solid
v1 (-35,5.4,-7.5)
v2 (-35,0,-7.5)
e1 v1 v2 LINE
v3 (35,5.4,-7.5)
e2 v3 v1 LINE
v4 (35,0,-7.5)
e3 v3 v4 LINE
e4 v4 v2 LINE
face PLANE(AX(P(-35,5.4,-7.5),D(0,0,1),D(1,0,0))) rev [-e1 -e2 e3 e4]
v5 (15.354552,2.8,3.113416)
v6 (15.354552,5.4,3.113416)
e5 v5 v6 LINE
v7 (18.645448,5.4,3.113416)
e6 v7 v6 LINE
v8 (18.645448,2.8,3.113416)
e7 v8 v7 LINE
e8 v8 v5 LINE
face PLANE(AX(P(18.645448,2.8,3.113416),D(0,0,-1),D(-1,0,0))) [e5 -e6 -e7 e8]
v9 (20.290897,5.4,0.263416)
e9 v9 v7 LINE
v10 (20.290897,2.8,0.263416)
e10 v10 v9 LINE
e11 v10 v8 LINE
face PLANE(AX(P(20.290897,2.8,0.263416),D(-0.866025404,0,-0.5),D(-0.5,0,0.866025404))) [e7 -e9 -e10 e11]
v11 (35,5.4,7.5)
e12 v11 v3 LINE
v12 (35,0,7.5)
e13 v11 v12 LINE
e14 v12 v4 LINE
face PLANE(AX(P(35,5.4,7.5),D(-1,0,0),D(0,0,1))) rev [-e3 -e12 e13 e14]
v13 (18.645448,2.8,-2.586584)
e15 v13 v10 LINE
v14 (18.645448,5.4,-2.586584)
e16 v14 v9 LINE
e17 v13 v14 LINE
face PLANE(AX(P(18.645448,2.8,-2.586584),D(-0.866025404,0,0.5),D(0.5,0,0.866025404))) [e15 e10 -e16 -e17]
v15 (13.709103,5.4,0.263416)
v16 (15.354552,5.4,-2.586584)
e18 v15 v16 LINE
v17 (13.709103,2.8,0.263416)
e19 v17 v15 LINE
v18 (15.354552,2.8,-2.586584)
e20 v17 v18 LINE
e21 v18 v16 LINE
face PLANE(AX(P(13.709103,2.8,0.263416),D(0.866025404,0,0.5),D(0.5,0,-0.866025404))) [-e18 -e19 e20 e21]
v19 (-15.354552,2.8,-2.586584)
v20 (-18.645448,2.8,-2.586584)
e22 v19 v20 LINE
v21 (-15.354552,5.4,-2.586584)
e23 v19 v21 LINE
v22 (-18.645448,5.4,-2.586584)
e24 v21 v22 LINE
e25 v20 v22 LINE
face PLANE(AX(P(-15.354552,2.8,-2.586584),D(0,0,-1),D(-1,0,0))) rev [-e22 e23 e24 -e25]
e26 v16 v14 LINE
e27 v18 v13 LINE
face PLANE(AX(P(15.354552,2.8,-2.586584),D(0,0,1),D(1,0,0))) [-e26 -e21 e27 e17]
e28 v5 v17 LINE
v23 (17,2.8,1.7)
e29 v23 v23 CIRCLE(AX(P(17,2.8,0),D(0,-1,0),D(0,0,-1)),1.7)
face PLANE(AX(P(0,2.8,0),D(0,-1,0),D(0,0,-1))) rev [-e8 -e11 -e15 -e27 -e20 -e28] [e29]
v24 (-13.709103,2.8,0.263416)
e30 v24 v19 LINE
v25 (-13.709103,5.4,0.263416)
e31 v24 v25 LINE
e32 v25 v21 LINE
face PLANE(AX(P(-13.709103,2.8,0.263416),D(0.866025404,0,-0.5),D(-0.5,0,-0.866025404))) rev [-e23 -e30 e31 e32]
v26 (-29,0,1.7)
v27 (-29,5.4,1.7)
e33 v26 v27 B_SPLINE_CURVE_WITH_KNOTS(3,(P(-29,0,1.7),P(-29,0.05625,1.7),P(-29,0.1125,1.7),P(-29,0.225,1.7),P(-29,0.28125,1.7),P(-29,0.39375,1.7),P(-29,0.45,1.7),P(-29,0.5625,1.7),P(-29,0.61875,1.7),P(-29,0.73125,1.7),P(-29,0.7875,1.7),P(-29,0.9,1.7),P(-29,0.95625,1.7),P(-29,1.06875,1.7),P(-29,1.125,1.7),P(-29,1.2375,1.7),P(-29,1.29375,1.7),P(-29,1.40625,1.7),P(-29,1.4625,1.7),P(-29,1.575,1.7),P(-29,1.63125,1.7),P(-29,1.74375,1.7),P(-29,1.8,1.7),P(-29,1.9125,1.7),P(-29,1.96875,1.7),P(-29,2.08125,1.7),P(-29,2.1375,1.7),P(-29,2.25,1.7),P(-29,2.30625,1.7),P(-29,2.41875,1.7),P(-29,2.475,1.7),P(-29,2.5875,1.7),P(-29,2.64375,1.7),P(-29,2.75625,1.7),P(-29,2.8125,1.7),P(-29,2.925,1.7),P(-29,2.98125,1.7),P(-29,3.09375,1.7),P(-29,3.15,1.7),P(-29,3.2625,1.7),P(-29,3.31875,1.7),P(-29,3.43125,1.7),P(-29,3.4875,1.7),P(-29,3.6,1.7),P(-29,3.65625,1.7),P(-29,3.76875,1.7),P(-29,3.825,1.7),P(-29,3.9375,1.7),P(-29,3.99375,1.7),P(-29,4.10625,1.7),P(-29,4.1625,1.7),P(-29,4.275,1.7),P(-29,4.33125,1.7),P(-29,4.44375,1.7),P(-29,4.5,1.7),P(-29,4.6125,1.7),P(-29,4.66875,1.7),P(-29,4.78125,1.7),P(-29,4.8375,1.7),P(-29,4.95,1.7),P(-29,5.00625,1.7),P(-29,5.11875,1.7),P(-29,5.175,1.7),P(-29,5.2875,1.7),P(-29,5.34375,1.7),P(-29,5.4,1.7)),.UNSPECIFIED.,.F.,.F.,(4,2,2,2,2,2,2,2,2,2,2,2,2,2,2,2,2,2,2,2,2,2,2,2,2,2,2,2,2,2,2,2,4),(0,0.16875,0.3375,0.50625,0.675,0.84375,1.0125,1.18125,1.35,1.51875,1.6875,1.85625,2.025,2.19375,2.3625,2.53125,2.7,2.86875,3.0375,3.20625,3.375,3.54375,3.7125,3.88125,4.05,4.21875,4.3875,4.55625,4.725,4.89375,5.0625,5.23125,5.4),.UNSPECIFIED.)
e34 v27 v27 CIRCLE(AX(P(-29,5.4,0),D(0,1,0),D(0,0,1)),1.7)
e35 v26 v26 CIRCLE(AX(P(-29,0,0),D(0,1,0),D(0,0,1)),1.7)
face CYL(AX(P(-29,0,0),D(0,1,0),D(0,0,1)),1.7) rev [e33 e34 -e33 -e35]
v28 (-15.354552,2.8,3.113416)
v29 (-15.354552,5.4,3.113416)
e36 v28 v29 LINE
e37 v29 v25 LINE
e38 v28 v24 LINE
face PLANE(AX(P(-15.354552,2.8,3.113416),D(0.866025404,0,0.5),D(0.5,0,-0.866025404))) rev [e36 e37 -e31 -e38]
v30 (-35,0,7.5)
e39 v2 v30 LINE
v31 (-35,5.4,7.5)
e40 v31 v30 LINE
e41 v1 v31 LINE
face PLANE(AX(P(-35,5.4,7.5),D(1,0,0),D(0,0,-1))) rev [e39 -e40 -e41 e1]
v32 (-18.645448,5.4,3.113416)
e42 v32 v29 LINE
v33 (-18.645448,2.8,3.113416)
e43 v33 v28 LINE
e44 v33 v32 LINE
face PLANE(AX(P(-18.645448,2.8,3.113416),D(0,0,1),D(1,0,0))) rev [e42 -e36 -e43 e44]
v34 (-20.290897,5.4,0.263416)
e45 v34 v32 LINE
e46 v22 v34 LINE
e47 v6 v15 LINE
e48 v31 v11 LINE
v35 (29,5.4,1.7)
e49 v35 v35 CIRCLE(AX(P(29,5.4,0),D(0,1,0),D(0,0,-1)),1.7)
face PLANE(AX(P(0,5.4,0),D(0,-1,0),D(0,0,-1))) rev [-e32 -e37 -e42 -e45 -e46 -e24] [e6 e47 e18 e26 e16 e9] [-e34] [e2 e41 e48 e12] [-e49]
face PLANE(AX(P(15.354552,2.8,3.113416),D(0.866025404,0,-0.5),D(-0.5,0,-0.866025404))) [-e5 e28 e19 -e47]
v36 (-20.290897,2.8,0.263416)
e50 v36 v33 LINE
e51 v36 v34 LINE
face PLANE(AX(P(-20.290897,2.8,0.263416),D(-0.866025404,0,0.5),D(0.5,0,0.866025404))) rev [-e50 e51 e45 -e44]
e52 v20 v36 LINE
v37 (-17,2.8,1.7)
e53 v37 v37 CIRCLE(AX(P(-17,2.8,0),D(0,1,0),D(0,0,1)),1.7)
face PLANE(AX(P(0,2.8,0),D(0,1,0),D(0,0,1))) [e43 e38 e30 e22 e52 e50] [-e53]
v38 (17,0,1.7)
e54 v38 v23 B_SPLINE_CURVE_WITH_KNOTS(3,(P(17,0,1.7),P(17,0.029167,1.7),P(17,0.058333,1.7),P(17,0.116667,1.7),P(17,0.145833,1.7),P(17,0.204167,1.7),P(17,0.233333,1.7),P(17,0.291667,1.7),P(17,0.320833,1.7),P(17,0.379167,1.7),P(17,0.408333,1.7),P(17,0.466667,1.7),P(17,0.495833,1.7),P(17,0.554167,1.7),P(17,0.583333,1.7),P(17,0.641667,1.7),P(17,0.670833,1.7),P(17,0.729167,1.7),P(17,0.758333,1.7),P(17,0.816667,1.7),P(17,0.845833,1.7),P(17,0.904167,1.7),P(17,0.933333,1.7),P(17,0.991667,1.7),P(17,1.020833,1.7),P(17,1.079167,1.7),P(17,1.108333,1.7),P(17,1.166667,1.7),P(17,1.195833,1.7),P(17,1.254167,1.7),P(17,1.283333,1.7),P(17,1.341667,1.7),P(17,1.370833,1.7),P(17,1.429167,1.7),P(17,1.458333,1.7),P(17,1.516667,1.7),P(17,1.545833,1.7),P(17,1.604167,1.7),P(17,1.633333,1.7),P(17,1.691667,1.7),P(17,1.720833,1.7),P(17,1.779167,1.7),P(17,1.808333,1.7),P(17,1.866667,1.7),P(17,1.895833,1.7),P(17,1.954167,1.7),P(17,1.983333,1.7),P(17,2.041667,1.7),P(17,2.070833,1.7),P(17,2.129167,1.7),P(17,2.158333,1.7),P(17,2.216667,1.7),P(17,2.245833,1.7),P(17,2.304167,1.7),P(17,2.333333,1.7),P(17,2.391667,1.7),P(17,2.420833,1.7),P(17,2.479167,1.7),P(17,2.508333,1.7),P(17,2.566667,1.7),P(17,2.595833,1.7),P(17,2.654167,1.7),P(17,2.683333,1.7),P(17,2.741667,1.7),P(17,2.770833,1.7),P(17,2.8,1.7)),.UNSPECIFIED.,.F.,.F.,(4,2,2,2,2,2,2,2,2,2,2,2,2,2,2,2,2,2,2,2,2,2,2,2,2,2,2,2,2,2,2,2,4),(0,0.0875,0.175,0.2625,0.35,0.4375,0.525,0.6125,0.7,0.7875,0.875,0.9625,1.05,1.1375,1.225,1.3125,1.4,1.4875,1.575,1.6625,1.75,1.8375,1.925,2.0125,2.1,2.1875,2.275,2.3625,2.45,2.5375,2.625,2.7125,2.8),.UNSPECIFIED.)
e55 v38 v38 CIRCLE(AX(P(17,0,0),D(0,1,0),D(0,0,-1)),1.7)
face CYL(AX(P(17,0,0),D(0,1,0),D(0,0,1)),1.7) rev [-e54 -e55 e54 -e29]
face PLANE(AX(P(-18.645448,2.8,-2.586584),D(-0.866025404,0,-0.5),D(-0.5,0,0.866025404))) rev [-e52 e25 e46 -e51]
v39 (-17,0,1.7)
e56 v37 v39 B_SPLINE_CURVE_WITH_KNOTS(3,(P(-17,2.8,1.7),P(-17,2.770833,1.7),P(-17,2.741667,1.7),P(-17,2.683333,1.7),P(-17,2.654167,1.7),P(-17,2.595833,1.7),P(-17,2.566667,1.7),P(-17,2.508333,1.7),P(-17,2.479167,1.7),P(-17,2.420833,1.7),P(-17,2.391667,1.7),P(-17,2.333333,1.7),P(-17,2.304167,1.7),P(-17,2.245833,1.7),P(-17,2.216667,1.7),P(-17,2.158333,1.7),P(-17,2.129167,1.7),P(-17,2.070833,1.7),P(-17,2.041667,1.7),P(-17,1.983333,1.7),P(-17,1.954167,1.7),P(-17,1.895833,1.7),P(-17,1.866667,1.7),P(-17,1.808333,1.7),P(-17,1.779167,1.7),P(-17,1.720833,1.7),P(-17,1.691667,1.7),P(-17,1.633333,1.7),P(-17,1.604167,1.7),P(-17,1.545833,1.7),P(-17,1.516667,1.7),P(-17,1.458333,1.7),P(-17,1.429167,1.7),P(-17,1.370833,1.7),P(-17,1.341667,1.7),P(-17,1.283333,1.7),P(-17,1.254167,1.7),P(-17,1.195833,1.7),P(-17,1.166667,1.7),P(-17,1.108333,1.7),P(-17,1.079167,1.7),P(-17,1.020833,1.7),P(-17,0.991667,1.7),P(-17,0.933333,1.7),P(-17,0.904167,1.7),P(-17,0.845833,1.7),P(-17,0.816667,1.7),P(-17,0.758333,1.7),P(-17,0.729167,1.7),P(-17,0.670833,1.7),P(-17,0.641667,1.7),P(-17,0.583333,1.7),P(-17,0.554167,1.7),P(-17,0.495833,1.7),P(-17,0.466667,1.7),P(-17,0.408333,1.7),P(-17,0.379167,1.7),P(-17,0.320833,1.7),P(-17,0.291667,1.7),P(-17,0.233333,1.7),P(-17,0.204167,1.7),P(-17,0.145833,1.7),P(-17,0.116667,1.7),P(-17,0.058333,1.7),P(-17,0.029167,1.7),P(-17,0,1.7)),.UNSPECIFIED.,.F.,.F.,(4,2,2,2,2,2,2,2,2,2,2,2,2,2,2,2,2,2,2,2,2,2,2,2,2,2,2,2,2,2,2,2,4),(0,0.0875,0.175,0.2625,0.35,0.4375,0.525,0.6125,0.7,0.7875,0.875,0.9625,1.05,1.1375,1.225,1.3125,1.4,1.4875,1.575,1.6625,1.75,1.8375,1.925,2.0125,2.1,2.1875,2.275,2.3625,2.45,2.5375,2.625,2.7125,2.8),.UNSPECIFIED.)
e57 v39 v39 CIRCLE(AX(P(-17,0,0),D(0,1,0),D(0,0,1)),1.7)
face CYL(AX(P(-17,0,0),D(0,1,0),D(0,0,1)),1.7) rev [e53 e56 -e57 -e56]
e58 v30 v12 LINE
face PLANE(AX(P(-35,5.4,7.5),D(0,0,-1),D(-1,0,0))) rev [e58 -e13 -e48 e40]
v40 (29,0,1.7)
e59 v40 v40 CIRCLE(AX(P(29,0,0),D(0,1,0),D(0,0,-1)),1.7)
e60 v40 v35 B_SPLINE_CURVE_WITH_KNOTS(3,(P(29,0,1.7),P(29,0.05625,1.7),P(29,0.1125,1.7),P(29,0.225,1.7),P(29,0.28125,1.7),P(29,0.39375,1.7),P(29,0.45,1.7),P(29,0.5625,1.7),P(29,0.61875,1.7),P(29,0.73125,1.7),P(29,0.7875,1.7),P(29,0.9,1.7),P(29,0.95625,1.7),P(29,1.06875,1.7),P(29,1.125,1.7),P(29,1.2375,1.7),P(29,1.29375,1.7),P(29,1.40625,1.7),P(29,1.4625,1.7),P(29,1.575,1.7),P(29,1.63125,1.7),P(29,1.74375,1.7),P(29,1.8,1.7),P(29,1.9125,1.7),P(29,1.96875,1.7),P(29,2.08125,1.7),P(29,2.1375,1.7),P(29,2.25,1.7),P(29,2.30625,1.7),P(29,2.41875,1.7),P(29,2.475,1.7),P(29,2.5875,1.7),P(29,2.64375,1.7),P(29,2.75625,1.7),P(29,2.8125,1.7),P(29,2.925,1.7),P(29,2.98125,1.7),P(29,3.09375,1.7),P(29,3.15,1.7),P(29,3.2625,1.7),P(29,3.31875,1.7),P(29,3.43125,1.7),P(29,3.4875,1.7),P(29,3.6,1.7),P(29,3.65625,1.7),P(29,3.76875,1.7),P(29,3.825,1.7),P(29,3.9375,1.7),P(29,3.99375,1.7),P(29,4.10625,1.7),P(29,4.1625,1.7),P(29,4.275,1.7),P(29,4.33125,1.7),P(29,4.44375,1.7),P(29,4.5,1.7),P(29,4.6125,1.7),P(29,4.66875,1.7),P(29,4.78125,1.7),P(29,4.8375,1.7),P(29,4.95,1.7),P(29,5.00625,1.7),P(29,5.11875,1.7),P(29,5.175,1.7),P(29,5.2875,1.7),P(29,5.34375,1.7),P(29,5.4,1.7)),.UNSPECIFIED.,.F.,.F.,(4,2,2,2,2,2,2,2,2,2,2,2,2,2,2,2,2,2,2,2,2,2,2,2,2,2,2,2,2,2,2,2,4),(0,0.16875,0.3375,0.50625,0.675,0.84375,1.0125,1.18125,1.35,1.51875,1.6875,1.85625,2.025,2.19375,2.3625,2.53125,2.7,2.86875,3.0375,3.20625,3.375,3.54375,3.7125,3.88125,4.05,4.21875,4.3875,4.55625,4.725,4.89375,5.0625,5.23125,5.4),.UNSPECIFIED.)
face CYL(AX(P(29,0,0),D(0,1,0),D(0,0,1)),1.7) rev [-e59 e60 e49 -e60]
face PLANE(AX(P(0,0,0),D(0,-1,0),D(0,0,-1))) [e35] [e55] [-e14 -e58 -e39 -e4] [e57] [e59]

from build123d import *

# Parameters (mm, degrees)
SKETCH1_W           = 70
SKETCH1_H           = 15
BOSS_EXTRUDE1_DEPTH = 5.4
CUT_EXTRUDE1_DEPTH  = 2.6
SKETCH4_R           = 1.7
CUT_EXTRUDE3_DEPTH  = 5.4


with BuildPart() as part:
    # Sketch1 → Boss-Extrude1 (new body)
    with BuildSketch(Plane(origin=(0, 0, 0), x_dir=(1, 0, 0), z_dir=(0, 1, 0))):
        Rectangle(SKETCH1_W, SKETCH1_H)
    extrude(amount=BOSS_EXTRUDE1_DEPTH)

    # Sketch2 → Cut-Extrude1 (cut)
    with BuildSketch(Plane(origin=(0, 5.4, 0), x_dir=(1, 0, 0), z_dir=(0, 1, 0))):
        Polygon((-15.354551733, 2.58658374), (-18.645448267, 2.58658374), (-20.290896534, -0.26341626), (-18.645448267, -3.11341626), (-15.354551733, -3.11341626), (-13.709103466, -0.26341626), align=None)
        Polygon((13.709103466, -0.26341626), (15.354551733, 2.58658374), (18.645448267, 2.58658374), (20.290896534, -0.26341626), (18.645448267, -3.11341626), (15.354551733, -3.11341626), align=None)
    extrude(amount=-CUT_EXTRUDE1_DEPTH, mode=Mode.SUBTRACT)

    # Sketch4 → Cut-Extrude3 (cut)
    with BuildSketch(Plane(origin=(0, 5.4, 0), x_dir=(1, 0, 0), z_dir=(0, 1, 0))):
        with Locations(Location((-29, 0, 0), (0, 0, 270))):
            Circle(SKETCH4_R)
        with Locations(Location((-17, 0, 0), (0, 0, 270))):
            Circle(SKETCH4_R)
        with Locations(Location((17, 0, 0), (0, 0, 270))):
            Circle(SKETCH4_R)
        with Locations(Location((29, 0, 0), (0, 0, 270))):
            Circle(SKETCH4_R)
    extrude(amount=-CUT_EXTRUDE3_DEPTH, mode=Mode.SUBTRACT)


solid = part.part
